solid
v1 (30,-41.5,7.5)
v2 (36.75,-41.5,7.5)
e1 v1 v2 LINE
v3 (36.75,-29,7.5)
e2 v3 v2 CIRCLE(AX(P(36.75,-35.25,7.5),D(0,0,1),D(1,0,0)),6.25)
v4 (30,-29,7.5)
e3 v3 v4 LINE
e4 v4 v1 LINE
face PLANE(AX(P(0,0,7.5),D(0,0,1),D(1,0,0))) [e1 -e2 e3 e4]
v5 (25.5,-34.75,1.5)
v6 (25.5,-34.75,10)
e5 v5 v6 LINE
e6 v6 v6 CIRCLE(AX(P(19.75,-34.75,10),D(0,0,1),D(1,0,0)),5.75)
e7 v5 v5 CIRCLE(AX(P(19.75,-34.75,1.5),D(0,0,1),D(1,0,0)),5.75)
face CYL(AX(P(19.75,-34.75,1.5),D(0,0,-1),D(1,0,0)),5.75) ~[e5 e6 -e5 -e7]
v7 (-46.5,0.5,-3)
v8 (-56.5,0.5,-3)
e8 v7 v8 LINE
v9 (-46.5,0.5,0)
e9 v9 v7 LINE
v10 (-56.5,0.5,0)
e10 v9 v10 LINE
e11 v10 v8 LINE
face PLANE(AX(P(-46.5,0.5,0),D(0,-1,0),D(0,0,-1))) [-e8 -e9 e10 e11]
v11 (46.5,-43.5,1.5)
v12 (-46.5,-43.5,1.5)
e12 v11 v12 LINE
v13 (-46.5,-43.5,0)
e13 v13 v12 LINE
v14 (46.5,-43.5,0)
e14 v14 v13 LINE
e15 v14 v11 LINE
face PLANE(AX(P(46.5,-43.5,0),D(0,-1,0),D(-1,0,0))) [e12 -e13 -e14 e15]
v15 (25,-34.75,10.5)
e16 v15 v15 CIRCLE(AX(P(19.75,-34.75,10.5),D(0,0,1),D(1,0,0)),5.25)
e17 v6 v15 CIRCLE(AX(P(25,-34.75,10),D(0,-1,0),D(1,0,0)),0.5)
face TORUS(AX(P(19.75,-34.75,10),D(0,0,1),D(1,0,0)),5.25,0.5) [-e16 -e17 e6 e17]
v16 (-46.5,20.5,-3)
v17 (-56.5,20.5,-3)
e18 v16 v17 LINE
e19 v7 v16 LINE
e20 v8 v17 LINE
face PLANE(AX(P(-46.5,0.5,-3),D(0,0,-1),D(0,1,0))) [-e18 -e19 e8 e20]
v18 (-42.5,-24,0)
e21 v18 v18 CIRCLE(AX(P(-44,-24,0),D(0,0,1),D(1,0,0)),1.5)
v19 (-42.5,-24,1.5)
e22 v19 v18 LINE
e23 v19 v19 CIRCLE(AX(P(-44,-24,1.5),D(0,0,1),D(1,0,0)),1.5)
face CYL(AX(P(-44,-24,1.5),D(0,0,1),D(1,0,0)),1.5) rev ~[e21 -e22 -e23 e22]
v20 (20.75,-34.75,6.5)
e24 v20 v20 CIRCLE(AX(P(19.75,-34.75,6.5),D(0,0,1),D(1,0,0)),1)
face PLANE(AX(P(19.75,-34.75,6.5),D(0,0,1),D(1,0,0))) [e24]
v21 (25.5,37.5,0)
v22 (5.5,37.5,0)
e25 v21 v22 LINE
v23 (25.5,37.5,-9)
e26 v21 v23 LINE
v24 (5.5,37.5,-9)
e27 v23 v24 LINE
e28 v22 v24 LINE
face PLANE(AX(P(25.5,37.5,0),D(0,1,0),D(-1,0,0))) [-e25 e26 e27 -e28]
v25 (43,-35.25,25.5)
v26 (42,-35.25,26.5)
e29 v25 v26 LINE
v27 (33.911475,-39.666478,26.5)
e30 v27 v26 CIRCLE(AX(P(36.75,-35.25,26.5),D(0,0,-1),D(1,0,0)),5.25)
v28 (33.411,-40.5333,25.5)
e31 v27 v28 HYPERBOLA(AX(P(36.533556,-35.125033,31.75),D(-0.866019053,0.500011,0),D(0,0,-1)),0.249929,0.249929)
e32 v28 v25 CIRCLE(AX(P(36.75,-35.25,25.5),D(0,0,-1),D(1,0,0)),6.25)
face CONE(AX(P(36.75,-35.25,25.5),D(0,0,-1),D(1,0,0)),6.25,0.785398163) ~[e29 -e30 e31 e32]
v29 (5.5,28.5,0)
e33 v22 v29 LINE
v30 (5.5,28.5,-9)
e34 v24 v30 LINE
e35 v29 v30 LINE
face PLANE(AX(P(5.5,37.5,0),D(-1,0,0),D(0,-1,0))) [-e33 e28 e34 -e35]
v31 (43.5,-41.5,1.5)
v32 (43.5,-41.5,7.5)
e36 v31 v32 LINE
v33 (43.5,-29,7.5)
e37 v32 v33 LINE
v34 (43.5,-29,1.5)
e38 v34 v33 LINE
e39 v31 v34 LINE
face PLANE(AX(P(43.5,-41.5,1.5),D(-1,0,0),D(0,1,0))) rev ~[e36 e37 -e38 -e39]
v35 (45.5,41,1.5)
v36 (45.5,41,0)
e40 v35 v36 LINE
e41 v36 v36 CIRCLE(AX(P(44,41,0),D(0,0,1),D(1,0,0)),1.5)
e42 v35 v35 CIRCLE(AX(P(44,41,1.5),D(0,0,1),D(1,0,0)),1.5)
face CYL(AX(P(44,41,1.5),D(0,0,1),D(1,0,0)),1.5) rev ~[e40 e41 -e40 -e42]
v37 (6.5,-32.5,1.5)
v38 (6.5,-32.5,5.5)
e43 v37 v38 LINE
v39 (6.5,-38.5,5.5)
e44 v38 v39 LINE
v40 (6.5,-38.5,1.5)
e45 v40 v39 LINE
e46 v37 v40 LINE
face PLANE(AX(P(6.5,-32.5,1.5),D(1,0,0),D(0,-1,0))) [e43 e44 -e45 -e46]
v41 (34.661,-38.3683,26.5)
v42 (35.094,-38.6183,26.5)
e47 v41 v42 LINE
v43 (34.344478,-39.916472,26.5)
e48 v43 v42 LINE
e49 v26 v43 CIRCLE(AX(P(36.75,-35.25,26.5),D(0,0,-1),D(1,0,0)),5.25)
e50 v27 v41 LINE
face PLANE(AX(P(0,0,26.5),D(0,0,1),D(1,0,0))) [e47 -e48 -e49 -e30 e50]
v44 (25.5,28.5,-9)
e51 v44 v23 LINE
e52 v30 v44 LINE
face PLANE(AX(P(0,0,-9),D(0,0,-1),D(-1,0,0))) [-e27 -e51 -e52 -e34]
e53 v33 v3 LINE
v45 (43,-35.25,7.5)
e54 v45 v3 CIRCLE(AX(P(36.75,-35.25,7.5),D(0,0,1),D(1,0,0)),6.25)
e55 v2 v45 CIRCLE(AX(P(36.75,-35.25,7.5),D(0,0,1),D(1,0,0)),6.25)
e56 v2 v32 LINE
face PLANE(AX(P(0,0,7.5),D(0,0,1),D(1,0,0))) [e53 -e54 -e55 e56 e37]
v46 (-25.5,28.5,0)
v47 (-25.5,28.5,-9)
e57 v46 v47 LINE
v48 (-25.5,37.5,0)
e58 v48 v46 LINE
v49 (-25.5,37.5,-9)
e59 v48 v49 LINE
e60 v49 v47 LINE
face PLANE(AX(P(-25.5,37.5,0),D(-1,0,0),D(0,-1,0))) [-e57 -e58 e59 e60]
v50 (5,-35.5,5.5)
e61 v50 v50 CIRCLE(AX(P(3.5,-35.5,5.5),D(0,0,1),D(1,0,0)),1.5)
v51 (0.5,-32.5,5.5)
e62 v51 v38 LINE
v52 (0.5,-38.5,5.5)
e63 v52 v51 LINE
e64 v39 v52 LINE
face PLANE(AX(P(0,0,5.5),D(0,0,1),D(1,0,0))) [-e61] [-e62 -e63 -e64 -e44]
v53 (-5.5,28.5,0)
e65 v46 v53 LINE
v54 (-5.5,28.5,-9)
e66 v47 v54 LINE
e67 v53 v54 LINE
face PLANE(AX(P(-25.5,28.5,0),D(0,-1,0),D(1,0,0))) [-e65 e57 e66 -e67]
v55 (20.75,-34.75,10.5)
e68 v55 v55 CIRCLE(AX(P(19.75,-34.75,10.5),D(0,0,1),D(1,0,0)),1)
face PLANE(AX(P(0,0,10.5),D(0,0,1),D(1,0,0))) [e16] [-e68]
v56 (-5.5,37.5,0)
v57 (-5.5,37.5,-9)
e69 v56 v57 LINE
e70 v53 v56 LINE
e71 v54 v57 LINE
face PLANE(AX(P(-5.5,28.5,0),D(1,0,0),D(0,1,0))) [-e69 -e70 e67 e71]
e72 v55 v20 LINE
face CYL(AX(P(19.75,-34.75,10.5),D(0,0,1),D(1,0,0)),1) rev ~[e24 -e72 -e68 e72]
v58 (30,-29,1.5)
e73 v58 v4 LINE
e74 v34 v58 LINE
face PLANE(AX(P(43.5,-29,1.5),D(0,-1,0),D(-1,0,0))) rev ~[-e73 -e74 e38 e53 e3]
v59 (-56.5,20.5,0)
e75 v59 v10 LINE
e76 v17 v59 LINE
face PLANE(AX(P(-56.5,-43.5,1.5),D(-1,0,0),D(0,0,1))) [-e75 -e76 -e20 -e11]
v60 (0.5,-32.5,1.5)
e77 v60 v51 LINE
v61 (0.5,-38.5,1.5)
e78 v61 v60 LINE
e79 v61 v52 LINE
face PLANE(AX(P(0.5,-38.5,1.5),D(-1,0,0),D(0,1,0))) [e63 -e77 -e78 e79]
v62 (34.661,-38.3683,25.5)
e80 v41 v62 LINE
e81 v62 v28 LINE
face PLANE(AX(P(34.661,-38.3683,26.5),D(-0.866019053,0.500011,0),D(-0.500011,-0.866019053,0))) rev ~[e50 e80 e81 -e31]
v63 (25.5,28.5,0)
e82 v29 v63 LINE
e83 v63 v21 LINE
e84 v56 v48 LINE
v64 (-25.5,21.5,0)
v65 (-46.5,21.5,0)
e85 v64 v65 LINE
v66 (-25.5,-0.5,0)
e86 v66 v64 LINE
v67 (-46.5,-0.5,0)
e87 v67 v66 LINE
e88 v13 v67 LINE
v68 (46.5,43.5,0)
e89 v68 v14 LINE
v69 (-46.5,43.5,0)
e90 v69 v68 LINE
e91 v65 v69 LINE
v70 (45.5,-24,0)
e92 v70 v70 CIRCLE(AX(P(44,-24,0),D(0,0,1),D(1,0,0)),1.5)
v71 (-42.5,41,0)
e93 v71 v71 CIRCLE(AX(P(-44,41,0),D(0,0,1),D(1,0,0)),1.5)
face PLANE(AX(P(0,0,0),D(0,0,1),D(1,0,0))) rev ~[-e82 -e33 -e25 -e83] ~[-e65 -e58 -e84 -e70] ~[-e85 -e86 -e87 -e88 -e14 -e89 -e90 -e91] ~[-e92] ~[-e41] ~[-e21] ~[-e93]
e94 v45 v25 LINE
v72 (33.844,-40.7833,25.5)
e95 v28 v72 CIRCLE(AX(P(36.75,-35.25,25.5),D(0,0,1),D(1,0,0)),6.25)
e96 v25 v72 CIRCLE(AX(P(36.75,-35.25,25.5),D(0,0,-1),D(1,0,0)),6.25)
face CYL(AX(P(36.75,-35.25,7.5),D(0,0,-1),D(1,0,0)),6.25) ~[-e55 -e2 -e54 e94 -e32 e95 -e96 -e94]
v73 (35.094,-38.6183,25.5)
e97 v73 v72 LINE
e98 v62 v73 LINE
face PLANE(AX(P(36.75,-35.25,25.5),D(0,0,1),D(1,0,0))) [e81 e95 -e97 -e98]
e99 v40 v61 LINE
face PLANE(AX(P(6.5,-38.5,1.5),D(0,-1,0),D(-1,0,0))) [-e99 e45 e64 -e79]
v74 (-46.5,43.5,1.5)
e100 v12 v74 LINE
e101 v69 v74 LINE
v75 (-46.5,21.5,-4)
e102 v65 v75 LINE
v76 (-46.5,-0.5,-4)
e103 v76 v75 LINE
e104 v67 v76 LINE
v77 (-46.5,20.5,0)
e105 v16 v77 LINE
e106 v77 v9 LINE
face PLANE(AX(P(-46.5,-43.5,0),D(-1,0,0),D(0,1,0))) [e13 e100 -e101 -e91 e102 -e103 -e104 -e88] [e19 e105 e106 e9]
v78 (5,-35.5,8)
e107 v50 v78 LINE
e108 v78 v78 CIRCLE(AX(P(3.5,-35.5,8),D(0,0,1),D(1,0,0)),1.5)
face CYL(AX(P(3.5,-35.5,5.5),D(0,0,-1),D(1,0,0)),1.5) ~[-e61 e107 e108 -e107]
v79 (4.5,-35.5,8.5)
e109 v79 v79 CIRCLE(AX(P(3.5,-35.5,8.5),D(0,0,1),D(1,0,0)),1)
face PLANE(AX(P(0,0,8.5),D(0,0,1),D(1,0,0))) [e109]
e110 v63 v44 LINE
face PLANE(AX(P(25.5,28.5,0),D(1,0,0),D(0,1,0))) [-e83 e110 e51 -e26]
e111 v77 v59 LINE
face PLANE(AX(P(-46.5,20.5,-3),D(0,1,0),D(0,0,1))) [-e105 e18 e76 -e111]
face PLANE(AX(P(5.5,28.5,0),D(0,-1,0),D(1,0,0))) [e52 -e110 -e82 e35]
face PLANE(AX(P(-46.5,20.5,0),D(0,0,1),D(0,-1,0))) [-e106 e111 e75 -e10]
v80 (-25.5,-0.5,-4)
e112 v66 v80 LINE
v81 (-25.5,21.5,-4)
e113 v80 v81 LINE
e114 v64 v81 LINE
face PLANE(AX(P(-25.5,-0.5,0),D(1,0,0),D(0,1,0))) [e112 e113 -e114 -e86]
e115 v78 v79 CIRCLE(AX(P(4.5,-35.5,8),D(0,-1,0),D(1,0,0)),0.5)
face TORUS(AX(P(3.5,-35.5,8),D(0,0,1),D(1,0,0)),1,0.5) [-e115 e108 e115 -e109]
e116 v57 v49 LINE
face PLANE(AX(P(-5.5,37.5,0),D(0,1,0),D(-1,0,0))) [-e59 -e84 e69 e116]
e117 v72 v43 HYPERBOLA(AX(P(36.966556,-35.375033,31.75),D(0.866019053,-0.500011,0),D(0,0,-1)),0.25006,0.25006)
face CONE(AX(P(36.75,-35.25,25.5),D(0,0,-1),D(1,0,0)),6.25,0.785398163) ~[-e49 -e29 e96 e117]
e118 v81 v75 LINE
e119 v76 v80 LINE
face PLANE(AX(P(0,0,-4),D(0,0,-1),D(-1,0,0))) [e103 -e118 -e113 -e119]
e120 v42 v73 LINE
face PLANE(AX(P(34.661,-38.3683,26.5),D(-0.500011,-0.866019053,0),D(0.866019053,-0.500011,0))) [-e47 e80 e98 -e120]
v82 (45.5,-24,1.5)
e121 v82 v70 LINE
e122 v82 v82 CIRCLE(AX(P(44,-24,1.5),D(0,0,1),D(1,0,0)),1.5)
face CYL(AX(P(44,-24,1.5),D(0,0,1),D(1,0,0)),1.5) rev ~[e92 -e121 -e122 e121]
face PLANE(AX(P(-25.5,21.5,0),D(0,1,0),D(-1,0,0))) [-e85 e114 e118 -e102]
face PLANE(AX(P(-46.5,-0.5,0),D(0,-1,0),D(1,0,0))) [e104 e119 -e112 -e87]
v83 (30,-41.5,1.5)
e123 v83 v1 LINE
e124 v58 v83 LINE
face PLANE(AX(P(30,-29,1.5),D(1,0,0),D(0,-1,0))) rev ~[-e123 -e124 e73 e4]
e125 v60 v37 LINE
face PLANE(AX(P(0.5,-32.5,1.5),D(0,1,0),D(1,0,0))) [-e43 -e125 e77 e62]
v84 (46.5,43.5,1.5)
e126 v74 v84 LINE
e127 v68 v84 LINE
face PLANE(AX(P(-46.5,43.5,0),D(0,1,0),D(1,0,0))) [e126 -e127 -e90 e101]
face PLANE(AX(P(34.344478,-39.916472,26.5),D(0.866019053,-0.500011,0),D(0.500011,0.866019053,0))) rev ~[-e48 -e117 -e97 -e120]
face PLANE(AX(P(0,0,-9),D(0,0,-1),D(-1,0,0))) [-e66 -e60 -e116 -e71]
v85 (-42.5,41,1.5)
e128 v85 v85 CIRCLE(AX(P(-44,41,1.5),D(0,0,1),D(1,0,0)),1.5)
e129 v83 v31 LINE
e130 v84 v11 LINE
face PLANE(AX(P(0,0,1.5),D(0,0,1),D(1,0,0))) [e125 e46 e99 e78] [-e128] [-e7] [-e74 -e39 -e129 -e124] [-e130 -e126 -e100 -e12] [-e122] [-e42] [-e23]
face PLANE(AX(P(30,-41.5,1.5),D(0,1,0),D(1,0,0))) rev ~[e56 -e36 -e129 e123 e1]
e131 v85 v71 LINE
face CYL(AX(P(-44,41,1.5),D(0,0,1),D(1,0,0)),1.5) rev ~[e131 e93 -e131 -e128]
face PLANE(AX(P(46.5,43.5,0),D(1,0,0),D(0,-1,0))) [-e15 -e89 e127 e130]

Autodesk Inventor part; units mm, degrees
ref_plane "YZ Plane" through (0, 0, 0) normal (1, 0, 0) x (0, 1, 0)
ref_plane "XZ Plane" through (0, 0, 0) normal (0, 1, 0) x (-1, 0, 0)
ref_plane "XY Plane" through (0, 0, 0) normal (0, 0, 1) x (1, 0, 0)
sketch "Sketch1" plane through (0, 0, 0) normal (0, 0, 1) x (1, 0, 0)
  line L0 (-46.5, 43.5) -> (46.5, 43.5)
  line L1 (46.5, 43.5) -> (46.5, -43.5)
  line L2 (46.5, -43.5) -> (-46.5, -43.5)
  line L3 (-46.5, -43.5) -> (-46.5, 43.5)
  point P0 (0, 0)
  dimension "d0" = 93
  dimension "d1" = 87
  dimension "d2" = 46.5
  dimension "d3" = 43.5
extrude "Tykkelse Rød PCB" add sketch "Sketch1" along normal blind 1.5
sketch "Sketch2" plane through (0, 0, 1.5) normal (0, 0, 1) x (1, 0, 0)
  line L0 (46.5, 43.5) -> (-46.5, 43.5) projected
  line L1 (-46.5, 43.5) -> (-46.5, -43.5) projected
  line L2 (46.5, -43.5) -> (46.5, 43.5) projected
  circle A0 centre (44, 41) radius 1.5
  circle A1 centre (-44, 41) radius 1.5
  line L3 (45.5, 42.5) -> (45.5, 26.8687) construction
  line L4 (4.2035, 42.5) -> (45.5, 42.5) construction
  line L5 (-45.5, 42.5) -> (-9.5739, 42.5) construction
  line L6 (-45.5, 42.5) -> (-45.5, 29.332) construction
  line L7 (-46.5, -43.5) -> (46.5, -43.5) projected
  circle A2 centre (-44, -24) radius 1.5
  circle A3 centre (44, -24) radius 1.5
  line L8 (45.5, -14.3819) -> (45.5, -25.5) construction
  line L9 (45.5, -25.5) -> (38.4616, -25.5) construction
  line L10 (-45.5, -14.3819) -> (-45.5, -25.5) construction
  line L11 (-36.8227, -25.5) -> (-45.5, -25.5) construction
  point P0 (0, 0)
  dimension "d6" = 3
  dimension "d7" = 3
  dimension "d8" = 1
  dimension "d9" = 1
  dimension "d10" = 1
  dimension "d11" = 1
  dimension "d79" = 1
  dimension "d80" = 3
  dimension "d81" = 65
  dimension "d82" = 3
  dimension "d83" = 1
  dimension "d84" = 65
extrude "Monteringshuller Ø3" cut sketch "Sketch2" against normal up to surface (1.5 mm away) contours A0 | A1 | A2 | A3
sketch "Sketch3" plane through (0, 0, 0) normal (0, 0, -1) x (-1, 0, 0)
  line L0 (46.5, 43.5) -> (-46.5, 43.5) projected
  line L1 (-46.5, 43.5) -> (-46.5, -43.5) projected
  line L2 (46.5, -43.5) -> (46.5, 43.5) projected
  line L3 (-25.5, 37.5) -> (-5.5, 37.5)
  line L4 (-5.5, 37.5) -> (-5.5, 28.5)
  line L5 (-5.5, 28.5) -> (-25.5, 28.5)
  line L6 (-25.5, 28.5) -> (-25.5, 37.5)
  line L7 (5.5, 37.5) -> (25.5, 37.5)
  line L8 (25.5, 37.5) -> (25.5, 28.5)
  line L9 (25.5, 28.5) -> (5.5, 28.5)
  line L10 (5.5, 28.5) -> (5.5, 37.5)
  point P0 (0, 0)
  dimension "d14" = 20
  dimension "d15" = 9
  dimension "d16" = 9
  dimension "d17" = 20
  dimension "d18" = 21
  dimension "d19" = 21
  dimension "d20" = 6
  dimension "d21" = 6
extrude "Sorte Stik" add sketch "Sketch3" along normal blind 9
sketch "Sketch4" plane through (0, 0, 0) normal (0, 0, -1) x (-1, 0, 0)
  line L0 (46.5, 43.5) -> (-46.5, 43.5) projected
  line L1 (46.5, -43.5) -> (46.5, 43.5) projected
  line L2 (25.5, 21.5) -> (46.5, 21.5)
  line L3 (46.5, 21.5) -> (46.5, -0.5)
  line L4 (46.5, -0.5) -> (25.5, -0.5)
  line L5 (25.5, -0.5) -> (25.5, 21.5)
  point P0 (0, 0)
  dimension "d24" = 22
  dimension "d25" = 21
  dimension "d26" = 0
  dimension "d27" = 22
extrude "SD Kort læser" add sketch "Sketch4" along normal blind 4
sketch "Sketch5" plane through (0, 0, 1.5) normal (0, 0, 1) x (1, 0, 0)
  line L0 (-46.5, -43.5) -> (46.5, -43.5) projected
  line L1 (46.5, -43.5) -> (46.5, 43.5) projected
  line L2 (43.5, -29) -> (30, -29)
  line L3 (30, -29) -> (30, -41.5)
  line L4 (30, -41.5) -> (43.5, -41.5)
  line L5 (43.5, -41.5) -> (43.5, -29)
  point P0 (0, 0)
  dimension "d30" = 12.5
  dimension "d31" = 13.5
  dimension "d32" = 3
  dimension "d33" = 2
extrude "Extrusion5" add sketch "Sketch5" along normal blind 6
sketch "Sketch6" plane through (0, 0, 7.5) normal (0, 0, 1) x (1, 0, 0)
  line L0 (43.5, -29) -> (30, -29) projected
  line L1 (30, -29) -> (30, -41.5) projected
  line L2 (30, -41.5) -> (43.5, -41.5) projected
  circle A0 centre (36.75, -35.25) radius 6.25
  point P0 (0, 0)
  dimension "d36" = 6.75
  dimension "d37" = 13.5
extrude "Extrusion6" add sketch "Sketch6" along normal blind 19 contours A0
chamfer "Chamfer1" distance 1 angle 45 1 edges at (30.5, -35.25, 26.5)
sketch "Sketch7" plane through (0, 0, 1.5) normal (0, 0, 1) x (1, 0, 0)
  line L0 (-46.5, -43.5) -> (46.5, -43.5) projected
  line L1 (46.5, -43.5) -> (46.5, 43.5) projected
  circle A0 centre (19.75, -34.75) radius 5.75
  line L2 (25.5, -40.5) -> (6.0957, -40.5) construction
  line L3 (25.5, -23.1538) -> (25.5, -40.5) construction
  point P0 (0, 0)
  dimension "d43" = 11.5
  dimension "d44" = 3
  dimension "d45" = 21
extrude "Extrusion7" add sketch "Sketch7" along normal blind 9
sketch "Sketch8" plane through (19.75, -34.75, 10.5) normal (0, 0, 1) x (1, 0, 0)
  circle A0 centre (0, 0) radius 5.75 projected
  circle A1 centre (0, 0) radius 1
  point P0 (-19.75, 34.75)
  dimension "d48" = 2
extrude "Extrusion8" cut sketch "Sketch8" against normal blind 4 contours A1
sketch "Sketch9" plane through (0, 0, 1.5) normal (0, 0, 1) x (1, 0, 0)
  line L0 (-46.5, -43.5) -> (46.5, -43.5) projected
  line L1 (46.5, -43.5) -> (46.5, 43.5) projected
  line L2 (0.5, -32.5) -> (6.5, -32.5)
  line L3 (6.5, -32.5) -> (6.5, -38.5)
  line L4 (6.5, -38.5) -> (0.5, -38.5)
  line L5 (0.5, -38.5) -> (0.5, -32.5)
  point P0 (0, 0)
  dimension "d51" = 6
  dimension "d52" = 6
  dimension "d53" = 5
  dimension "d54" = 40
extrude "Extrusion9" add sketch "Sketch9" along normal blind 4
sketch "Sketch10" plane through (0, 0, 5.5) normal (0, 0, 1) x (1, 0, 0)
  line L0 (6.5, -32.5) -> (0.5, -32.5) projected
  line L1 (6.5, -38.5) -> (6.5, -32.5) projected
  circle A0 centre (3.5, -35.5) radius 1.5
  point P0 (0, 0)
  dimension "d57" = 3
  dimension "d58" = 6
  dimension "d59" = 6
  dimension "d60" = 3
  dimension "d61" = 3
extrude "Extrusion10" add sketch "Sketch10" along normal blind 3
fillet "Fillet1" radius 0.5 1 edges at (2, -35.5, 8.5)
fillet "Fillet2" radius 0.5 1 edges at (14, -34.75, 10.5)
sketch "Sketch11" plane through (36.75, -35.25, 26.5) normal (0, 0, 1) x (1, 0, 0)
  circle A0 centre (0, 0) radius 5.25 projected
  line L0 (0, 0) -> (0, -4.739) construction
  line L1 (0, 0) -> (-2.5895, -4.4851) construction
  line L2 (-2.089, -3.1183) -> (-3.339, -5.2833)
  line L3 (-2.089, -3.1183) -> (-1.656, -3.3683)
  circle A1 centre (0, 0) radius 6.25 projected
  circle A2 centre (0, 0) radius 5.25 projected
  line L4 (-2.906, -5.5333) -> (-1.656, -3.3683)
  point P0 (-36.75, 35.25)
  dimension "d66" = 30
  dimension "d68" = 0.25
  dimension "d69" = 2.5
  dimension "d70" = 0.5
extrude "Extrusion11" cut sketch "Sketch11" against normal blind 1 contours L2 L3 L4 A0 | A0 L4 A1 L2 picked at (-2.0992, -3.6914) picked at (-2.6213, -4.9292)
sketch "Sketch12" plane through (-46.5, -43.5, 1.5) normal (-1, 0, 0) x (0, 0, 1)
  line L0 (-1.5, 65) -> (-1.5, 87) projected
  line L1 (-1.5, 65) -> (-5.5, 65) projected
  line L2 (-5.5, 43) -> (-5.5, 65) projected
  line L3 (-1.5, 43) -> (-5.5, 43) projected
  line L4 (-4.5, 64) -> (-1.5, 64)
  line L5 (-1.5, 64) -> (-1.5, 44)
  line L6 (-1.5, 44) -> (-4.5, 44)
  line L7 (-4.5, 44) -> (-4.5, 64)
  point P0 (-1.5, 43.5)
  dimension "d73" = 1
  dimension "d74" = 1
  dimension "d75" = 1
  dimension "d76" = 0
extrude "Extrusion12" add sketch "Sketch12" along normal blind 10
sketch "Sketch13" plane through (0, 0, 26.5) normal (0, 0, 1) x (1, 0, 0)
  arc A0 (-34.5, 28.5) -> (-36.5, 26.5) centre (-34.5, 26.5) ccw projected
  line L0 (-34.5, 28.5) -> (34.5, 28.5) projected
  arc A1 (36.5, 26.5) -> (34.5, 28.5) centre (34.5, 26.5) ccw projected
  line L1 (36.5, 26.5) -> (36.5, -8.5) projected
  arc A2 (34.5, -10.5) -> (36.5, -8.5) centre (34.5, -8.5) ccw projected
  line L2 (34.5, -10.5) -> (-34.5, -10.5) projected
  arc A3 (-36.5, -8.5) -> (-34.5, -10.5) centre (-34.5, -8.5) ccw projected
  line L3 (-36.5, -8.5) -> (-36.5, 26.5) projected
  line L4 (39, 34.5) -> (-39, 34.5) projected
  line L5 (-39, 34.5) -> (-39, -16.5) projected
  line L6 (-39, -16.5) -> (39, -16.5) projected
  line L7 (39, -16.5) -> (39, 34.5) projected
  line L8 (-39, 30.5) -> (-39, -11.5) projected
  line L9 (-39, 30.5) -> (-45.5, 30.5) projected
  line L10 (-45.5, 30.5) -> (-45.5, -11.5) projected
  line L11 (-45.5, -11.5) -> (-39, -11.5) projected
  circle A4 centre (3.5, -35.5) radius 1.5 projected
  circle A5 centre (19.75, -34.75) radius 5.75 projected
  arc A6 (33.844, -40.7833) -> (33.411, -40.5333) centre (36.75, -35.25) ccw projected
  line L12 (-34.5, 26.5) -> (34.5, -8.5) construction
  line L13 (34.5, 26.5) -> (-34.5, -8.5) construction
  line L14 (0, 28.5) -> (0, 9) construction
  point P0 (0, 0)
  dimension "d85" = 36.75
  dimension "d86" = 6.25
  dimension "d87" = 11.5
  dimension "d88" = 19.75
  dimension "d89" = 3
  dimension "d90" = 3.5
  dimension "d91" = 44.5
  dimension "d92" = 43.75
  dimension "d93" = 44.25
equation "\"d2\" = 0.5 * d0"
equation "\"d3\" = 0.5 * d1"
equation "\"d16\" = d15"
equation "\"d17\" = d14"
equation "\"d19\" = d18"
equation "\"d21\" = d20"
equation "\"d36\" = 0.5 * d37"
equation "\"d60\" = 0.5 * d58"
equation "\"d61\" = 0.5 * d59"
equation "\"d68\" = 0.5 * d70"
properties part number "Rød PCB"
